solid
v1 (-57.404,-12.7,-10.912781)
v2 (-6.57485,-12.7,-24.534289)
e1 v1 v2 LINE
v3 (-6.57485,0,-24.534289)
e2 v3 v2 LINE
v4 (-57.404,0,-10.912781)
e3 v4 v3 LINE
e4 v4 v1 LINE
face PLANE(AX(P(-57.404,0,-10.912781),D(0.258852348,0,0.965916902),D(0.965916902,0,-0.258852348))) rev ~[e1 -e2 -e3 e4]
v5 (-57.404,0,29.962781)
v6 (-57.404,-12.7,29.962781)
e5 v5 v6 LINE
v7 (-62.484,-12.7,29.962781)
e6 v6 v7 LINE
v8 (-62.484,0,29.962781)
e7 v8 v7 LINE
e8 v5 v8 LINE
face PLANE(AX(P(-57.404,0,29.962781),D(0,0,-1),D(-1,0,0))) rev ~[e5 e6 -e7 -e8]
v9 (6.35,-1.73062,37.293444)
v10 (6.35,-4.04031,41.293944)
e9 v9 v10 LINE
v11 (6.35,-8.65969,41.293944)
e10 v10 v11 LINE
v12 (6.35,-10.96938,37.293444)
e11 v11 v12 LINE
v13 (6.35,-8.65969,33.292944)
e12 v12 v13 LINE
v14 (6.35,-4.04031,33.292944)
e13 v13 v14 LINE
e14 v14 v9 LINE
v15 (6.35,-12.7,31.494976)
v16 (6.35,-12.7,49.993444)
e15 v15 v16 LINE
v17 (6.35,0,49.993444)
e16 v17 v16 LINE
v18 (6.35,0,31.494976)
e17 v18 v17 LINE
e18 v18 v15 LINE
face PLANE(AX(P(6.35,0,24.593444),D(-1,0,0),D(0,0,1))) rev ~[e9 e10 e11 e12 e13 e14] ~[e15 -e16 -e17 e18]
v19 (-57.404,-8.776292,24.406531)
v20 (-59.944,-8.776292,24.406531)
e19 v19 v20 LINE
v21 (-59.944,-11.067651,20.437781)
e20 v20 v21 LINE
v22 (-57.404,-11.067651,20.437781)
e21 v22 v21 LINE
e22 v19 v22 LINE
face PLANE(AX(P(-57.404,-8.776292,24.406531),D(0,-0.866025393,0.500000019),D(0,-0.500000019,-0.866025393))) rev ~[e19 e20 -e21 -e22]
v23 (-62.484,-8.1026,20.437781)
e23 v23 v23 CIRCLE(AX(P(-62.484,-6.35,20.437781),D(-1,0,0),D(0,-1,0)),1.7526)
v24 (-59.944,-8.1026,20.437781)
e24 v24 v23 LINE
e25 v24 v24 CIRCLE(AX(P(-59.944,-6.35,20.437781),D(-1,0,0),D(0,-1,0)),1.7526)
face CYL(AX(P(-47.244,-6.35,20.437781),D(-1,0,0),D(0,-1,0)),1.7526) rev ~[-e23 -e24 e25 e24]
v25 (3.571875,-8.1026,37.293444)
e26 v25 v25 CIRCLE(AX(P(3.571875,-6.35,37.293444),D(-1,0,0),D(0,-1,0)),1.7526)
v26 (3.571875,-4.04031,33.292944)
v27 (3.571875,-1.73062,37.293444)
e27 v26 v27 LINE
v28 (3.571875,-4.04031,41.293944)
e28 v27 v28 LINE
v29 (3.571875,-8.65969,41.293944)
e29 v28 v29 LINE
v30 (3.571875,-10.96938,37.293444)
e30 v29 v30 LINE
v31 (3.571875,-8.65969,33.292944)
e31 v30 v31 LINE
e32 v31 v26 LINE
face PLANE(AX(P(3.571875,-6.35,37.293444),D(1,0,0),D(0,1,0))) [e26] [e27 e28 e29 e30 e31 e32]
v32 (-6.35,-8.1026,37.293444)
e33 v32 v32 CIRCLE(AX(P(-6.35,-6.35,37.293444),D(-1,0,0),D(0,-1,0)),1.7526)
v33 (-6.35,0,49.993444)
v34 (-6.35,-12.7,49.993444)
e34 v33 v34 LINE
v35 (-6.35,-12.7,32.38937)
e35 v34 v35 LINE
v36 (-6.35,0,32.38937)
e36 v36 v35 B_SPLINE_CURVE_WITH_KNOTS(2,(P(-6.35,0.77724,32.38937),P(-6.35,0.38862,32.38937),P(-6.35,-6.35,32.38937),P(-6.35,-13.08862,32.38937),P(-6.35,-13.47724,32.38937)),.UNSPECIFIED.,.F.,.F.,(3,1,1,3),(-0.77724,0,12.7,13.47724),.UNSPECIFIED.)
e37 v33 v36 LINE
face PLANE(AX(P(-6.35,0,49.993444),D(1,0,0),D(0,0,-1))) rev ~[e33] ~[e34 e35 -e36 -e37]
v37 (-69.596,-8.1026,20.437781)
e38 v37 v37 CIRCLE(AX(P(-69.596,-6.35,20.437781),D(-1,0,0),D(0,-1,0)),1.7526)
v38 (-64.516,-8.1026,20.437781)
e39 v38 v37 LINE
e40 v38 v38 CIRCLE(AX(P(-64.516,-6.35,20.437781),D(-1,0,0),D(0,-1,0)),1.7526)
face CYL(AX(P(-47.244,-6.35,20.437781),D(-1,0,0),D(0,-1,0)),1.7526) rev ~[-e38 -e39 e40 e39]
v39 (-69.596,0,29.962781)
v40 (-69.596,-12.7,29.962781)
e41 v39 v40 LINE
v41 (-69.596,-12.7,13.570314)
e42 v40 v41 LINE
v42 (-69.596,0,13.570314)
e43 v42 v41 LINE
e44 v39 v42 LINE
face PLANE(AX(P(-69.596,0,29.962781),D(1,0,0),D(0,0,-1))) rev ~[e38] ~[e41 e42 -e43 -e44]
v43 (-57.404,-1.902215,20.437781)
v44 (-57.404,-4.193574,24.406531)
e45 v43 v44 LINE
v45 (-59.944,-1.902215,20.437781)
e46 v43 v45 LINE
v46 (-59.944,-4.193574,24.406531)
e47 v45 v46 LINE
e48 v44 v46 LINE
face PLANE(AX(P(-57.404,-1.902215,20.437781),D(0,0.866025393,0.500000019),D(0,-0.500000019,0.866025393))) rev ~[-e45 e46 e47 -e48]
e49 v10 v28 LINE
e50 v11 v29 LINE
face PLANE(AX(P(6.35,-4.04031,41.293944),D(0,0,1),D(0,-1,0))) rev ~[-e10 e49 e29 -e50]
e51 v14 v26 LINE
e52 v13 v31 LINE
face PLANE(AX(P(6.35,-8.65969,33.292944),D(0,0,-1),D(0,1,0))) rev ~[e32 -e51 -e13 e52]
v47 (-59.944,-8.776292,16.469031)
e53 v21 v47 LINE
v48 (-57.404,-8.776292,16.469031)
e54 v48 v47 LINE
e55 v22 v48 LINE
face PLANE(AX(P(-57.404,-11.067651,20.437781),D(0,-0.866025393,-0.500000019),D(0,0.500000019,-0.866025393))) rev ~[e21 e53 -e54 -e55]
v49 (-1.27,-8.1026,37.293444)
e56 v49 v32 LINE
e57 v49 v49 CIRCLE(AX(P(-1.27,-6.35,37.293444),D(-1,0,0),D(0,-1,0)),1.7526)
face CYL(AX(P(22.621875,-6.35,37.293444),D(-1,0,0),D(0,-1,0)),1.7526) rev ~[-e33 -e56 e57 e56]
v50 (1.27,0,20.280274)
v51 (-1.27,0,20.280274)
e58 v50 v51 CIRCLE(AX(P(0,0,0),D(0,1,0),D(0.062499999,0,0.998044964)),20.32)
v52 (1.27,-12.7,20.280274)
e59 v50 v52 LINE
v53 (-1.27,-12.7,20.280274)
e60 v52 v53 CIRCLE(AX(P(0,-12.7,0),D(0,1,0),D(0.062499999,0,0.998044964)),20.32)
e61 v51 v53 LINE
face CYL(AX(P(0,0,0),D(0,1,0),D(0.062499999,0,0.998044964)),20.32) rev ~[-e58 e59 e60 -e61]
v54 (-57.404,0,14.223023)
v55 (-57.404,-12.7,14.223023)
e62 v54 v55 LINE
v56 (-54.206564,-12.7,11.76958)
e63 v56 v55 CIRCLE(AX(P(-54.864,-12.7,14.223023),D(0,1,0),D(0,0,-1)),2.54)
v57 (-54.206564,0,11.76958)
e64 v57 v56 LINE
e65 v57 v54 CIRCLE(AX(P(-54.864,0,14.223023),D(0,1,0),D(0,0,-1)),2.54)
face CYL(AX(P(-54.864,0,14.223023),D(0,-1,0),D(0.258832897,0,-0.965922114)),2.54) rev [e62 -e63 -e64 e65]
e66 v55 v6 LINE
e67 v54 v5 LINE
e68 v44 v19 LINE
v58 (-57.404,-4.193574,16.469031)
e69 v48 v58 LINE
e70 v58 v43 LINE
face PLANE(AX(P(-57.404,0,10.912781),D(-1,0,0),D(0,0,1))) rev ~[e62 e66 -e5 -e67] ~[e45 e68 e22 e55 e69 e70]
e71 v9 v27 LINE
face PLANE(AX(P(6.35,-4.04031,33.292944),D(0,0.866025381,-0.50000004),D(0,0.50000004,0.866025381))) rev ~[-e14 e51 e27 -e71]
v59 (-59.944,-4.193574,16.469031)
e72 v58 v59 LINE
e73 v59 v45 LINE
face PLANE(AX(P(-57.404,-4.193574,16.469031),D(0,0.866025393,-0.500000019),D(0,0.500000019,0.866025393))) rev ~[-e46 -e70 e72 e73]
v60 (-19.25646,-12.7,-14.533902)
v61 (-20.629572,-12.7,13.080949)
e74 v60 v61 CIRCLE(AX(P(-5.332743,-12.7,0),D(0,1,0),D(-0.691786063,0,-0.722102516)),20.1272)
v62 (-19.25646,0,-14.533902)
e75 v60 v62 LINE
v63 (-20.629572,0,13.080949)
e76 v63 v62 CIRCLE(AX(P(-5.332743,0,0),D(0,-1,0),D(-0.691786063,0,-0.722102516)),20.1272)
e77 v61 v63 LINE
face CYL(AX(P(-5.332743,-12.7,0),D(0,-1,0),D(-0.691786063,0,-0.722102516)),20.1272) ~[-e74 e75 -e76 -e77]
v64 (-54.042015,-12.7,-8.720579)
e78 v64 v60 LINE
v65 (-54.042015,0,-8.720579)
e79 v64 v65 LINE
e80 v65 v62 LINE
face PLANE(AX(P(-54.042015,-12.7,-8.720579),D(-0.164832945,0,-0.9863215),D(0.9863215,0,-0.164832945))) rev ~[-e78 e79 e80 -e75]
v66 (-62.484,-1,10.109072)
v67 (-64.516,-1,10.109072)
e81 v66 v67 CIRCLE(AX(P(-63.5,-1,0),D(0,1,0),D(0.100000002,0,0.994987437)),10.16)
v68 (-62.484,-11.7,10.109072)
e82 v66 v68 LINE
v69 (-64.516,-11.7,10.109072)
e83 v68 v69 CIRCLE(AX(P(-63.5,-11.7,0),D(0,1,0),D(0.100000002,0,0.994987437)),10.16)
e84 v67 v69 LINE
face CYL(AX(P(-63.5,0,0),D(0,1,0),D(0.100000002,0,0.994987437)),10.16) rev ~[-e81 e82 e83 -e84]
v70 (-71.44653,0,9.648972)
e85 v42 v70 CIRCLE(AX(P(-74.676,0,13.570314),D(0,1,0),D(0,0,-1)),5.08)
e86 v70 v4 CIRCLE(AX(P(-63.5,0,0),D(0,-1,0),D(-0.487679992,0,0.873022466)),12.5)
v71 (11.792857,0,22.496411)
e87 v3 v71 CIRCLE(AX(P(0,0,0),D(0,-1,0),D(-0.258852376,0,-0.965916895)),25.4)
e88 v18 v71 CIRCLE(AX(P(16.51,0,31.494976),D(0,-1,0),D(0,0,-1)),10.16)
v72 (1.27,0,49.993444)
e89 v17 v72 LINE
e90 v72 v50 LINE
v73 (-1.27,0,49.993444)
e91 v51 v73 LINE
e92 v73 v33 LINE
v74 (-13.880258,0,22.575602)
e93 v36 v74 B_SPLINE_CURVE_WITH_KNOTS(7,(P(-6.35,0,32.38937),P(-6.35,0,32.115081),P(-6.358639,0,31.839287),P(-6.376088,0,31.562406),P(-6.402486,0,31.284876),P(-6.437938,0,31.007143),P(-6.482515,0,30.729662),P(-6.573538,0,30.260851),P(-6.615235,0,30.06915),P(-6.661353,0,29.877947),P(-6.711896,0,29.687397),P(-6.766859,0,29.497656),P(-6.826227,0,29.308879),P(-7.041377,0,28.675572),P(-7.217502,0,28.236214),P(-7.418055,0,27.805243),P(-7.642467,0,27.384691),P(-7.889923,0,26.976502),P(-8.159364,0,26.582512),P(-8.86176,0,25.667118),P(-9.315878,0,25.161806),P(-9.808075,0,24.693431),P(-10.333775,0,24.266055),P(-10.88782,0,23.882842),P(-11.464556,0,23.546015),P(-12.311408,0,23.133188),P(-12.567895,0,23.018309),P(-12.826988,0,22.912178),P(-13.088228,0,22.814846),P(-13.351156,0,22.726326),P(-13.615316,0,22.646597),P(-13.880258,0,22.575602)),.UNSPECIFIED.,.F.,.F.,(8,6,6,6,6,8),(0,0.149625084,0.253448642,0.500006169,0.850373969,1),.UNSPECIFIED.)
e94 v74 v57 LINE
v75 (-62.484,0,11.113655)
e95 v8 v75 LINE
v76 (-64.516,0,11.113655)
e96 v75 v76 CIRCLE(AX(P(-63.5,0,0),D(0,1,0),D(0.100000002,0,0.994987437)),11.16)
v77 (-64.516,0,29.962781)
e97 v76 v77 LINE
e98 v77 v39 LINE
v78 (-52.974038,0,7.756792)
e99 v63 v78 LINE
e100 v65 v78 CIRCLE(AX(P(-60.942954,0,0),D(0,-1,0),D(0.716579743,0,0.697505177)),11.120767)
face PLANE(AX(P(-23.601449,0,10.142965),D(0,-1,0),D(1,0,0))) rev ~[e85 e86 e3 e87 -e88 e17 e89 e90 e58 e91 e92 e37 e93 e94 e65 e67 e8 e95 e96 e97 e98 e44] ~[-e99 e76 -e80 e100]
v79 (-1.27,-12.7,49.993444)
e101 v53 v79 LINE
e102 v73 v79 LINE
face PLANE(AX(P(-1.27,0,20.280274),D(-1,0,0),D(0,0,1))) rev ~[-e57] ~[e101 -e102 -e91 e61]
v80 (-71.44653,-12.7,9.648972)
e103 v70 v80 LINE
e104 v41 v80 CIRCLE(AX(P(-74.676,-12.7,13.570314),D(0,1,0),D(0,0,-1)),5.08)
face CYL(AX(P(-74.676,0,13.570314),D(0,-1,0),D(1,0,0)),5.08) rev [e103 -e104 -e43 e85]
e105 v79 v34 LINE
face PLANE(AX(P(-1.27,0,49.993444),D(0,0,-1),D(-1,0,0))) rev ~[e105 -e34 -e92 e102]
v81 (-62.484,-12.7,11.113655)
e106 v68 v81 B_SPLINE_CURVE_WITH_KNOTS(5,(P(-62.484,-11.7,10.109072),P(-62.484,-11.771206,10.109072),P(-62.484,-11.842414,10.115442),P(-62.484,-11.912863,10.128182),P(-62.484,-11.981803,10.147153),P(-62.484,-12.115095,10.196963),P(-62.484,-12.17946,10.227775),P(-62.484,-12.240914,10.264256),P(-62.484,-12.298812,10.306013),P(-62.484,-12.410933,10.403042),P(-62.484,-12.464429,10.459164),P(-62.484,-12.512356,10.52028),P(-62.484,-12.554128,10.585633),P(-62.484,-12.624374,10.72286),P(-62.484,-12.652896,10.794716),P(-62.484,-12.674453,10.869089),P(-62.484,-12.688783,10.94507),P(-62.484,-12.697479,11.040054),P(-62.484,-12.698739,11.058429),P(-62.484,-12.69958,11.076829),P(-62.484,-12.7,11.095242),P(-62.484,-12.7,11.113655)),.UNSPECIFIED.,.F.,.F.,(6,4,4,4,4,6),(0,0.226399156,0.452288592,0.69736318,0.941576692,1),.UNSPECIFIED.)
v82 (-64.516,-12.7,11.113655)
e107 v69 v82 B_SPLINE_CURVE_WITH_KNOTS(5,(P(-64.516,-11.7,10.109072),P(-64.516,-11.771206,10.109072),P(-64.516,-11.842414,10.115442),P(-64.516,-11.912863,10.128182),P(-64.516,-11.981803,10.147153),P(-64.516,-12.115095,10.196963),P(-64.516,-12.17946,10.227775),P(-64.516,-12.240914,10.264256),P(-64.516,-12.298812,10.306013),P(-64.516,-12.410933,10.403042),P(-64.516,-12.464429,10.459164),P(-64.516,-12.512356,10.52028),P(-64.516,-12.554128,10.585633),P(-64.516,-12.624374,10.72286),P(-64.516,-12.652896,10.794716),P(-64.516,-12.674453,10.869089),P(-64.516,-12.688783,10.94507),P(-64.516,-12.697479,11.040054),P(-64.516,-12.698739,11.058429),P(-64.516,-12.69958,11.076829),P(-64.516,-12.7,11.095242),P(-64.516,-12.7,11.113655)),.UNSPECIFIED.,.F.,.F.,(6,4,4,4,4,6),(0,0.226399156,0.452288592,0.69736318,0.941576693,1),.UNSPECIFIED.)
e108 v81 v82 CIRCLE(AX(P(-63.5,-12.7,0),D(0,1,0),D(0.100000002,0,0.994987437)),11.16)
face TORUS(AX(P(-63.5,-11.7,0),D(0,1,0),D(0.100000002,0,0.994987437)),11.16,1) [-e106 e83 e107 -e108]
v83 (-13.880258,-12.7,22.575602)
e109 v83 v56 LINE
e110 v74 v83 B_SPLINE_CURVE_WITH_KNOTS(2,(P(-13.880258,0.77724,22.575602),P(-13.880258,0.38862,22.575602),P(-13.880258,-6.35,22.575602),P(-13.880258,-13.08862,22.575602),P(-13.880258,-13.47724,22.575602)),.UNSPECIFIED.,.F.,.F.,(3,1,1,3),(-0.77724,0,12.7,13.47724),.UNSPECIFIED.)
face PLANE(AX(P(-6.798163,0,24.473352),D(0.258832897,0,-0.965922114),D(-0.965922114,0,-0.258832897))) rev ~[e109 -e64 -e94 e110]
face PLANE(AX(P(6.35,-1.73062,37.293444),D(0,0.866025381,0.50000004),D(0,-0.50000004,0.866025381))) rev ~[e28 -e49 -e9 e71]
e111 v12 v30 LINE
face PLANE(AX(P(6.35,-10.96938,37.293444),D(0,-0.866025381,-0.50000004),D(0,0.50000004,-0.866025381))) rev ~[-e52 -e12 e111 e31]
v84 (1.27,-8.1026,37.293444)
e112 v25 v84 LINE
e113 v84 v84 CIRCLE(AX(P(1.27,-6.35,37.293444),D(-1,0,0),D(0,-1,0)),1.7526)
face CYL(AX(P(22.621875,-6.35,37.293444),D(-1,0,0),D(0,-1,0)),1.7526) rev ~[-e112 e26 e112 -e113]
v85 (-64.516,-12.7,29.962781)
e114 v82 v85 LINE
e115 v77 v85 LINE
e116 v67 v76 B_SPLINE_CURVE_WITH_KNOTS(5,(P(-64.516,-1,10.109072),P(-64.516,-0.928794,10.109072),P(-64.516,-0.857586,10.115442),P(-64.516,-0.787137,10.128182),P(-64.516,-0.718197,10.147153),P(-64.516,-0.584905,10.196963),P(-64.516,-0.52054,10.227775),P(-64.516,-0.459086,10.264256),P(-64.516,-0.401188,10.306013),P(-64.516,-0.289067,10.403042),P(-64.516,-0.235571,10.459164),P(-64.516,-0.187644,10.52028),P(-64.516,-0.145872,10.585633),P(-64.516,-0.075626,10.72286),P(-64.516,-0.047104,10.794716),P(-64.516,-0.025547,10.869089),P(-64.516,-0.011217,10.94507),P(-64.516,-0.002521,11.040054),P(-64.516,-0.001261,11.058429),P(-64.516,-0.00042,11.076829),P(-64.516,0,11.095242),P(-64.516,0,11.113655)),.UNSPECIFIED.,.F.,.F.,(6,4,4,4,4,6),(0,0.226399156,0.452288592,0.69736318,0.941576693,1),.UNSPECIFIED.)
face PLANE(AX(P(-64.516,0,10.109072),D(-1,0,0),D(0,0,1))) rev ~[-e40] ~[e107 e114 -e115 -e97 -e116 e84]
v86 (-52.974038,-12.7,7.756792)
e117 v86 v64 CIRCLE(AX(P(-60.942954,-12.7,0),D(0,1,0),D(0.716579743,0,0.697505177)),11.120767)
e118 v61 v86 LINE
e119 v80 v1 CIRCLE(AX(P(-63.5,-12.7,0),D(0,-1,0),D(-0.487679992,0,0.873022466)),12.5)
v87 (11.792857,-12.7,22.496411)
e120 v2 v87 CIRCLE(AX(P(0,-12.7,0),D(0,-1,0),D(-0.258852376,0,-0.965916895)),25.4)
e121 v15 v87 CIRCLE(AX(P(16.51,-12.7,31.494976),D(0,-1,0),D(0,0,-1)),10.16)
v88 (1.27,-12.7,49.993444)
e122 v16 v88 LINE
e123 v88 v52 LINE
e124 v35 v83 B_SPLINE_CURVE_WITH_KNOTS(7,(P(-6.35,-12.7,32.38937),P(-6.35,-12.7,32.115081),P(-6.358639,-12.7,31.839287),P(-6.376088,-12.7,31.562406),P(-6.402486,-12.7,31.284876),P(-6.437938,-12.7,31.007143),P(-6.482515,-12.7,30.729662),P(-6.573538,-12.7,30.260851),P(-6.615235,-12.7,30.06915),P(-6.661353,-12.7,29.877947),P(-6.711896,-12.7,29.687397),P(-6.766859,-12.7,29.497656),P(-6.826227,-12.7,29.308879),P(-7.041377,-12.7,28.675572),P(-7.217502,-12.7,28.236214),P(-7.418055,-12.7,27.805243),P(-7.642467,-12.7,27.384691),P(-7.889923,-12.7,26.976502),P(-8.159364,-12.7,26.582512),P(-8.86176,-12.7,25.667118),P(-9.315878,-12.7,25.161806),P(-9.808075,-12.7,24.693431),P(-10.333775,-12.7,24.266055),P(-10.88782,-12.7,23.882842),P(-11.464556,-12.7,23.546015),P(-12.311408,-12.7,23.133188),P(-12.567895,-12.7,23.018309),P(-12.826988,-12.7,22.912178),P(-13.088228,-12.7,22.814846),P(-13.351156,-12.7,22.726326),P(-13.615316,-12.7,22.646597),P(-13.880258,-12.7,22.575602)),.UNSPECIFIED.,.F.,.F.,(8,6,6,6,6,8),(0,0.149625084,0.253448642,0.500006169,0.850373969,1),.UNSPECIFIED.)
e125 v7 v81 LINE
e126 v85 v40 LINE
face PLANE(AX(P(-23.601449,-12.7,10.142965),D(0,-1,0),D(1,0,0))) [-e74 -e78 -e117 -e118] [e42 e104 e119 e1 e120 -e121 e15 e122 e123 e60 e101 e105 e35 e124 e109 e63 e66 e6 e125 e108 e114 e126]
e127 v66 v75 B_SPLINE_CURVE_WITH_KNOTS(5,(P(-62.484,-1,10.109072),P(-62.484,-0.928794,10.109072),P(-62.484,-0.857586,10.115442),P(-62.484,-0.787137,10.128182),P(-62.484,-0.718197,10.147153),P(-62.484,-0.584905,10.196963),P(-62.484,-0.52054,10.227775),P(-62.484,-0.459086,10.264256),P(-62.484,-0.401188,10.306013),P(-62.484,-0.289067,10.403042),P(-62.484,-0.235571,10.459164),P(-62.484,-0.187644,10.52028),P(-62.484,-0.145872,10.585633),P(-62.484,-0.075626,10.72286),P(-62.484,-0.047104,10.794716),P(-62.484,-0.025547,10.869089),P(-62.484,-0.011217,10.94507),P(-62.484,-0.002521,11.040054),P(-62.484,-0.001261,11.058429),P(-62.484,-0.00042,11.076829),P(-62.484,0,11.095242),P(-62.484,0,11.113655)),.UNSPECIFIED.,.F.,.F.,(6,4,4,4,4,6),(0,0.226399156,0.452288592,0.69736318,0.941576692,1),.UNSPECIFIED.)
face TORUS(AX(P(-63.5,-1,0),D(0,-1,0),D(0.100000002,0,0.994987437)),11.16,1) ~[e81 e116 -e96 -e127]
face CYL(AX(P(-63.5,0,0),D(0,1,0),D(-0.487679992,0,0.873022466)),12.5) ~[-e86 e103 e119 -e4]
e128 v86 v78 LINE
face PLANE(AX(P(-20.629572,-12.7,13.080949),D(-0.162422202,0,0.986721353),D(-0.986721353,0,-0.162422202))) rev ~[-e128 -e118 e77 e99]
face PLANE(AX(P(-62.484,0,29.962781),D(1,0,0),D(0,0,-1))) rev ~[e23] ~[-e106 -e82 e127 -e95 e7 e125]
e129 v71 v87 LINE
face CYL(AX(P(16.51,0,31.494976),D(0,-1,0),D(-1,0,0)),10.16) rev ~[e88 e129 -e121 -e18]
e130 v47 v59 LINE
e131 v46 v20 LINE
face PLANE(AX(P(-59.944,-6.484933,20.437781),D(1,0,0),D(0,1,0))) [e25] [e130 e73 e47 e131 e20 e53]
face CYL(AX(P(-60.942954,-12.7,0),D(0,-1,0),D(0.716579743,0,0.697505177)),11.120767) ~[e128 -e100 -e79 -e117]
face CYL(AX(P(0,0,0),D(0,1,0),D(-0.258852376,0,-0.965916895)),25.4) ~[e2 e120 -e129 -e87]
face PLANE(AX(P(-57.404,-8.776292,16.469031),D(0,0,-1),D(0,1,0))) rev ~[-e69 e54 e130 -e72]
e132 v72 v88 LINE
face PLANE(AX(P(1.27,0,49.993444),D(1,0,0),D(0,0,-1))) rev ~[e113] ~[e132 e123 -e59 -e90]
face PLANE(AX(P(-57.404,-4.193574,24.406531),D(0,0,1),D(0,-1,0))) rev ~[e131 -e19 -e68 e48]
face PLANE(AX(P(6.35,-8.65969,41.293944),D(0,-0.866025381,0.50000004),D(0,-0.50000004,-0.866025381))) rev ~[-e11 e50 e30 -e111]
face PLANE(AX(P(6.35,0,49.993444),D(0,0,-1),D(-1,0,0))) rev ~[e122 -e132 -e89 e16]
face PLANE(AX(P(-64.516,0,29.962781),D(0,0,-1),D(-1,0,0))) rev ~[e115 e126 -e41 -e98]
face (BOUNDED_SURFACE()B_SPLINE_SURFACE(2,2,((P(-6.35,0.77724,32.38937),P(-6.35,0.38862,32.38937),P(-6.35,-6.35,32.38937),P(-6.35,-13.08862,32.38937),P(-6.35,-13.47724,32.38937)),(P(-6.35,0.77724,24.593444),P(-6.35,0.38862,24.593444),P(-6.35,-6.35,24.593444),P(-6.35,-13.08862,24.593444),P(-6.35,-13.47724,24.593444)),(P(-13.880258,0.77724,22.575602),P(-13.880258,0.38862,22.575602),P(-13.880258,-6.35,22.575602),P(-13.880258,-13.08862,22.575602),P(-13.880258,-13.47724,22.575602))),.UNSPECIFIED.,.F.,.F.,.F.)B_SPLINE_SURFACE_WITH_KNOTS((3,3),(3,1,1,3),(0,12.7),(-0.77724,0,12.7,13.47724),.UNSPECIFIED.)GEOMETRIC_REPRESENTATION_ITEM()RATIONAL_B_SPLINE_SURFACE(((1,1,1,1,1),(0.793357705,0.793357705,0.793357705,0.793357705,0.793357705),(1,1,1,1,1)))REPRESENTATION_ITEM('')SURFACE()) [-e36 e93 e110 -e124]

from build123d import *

# Parameters (mm, degrees)
F1_DEPTH  = 12.7
F3_DEPTH  = 2.778125
F5_D      = 3.5052
F5_DEPTH  = 19.05
F7_DEPTH  = 2.54
F8_R      = 10.16
F9_R      = 10.16
F10_R     = 2.54
F11_R     = 5.08
F13_R     = 1
F14_R     = 1
F16_D     = 3.5052
F16_DEPTH = 12.7
F17_DEPTH = 25


with BuildPart() as f1:
    # F0 (on Front) → F1 (new body)
    with BuildSketch(Plane.XZ):
        with BuildLine():
            Line((-6.35, 49.993444), (-6.35, 24.593444))
            Line((-6.35, 24.593444), (-6.798163, 24.473352))
            Line((-6.798163, 24.473352), (-57.404, 10.912781))
            Line((-57.404, 10.912781), (-57.404, 29.962781))
            Line((-57.404, 29.962781), (-62.484, 29.962781))
            Line((-62.484, 29.962781), (-62.484, 12.458641))
            Line((-62.484, 12.458641), (-62.484, 10.109072))
            ThreePointArc((-62.484, 10.109072), (-63.5, -10.16), (-64.516, 10.109072))
            Line((-64.516, 10.109072), (-64.516, 12.458641))
            Line((-64.516, 12.458641), (-64.516, 29.962781))
            Line((-64.516, 29.962781), (-69.596, 29.962781))
            Line((-69.596, 29.962781), (-69.596, 10.912781))
            ThreePointArc((-69.596, 10.912781), (-74.412781, -6.096), (-57.404, -10.912781))
            Line((-57.404, -10.912781), (-6.57485, -24.534289))
            ThreePointArc((-6.57485, -24.534289), (24.564124, -6.462493), (6.35, 24.593444))
            Line((6.35, 24.593444), (6.35, 49.993444))
            Line((6.35, 49.993444), (1.27, 49.993444))
            Line((1.27, 49.993444), (1.27, 25.36823))
            Line((1.27, 25.36823), (1.27, 20.280274))
            ThreePointArc((1.27, 20.280274), (0, -20.32), (-1.27, 20.280274))
            Line((-1.27, 20.280274), (-1.27, 25.36823))
            Line((-1.27, 25.36823), (-1.27, 49.993444))
            Line((-1.27, 49.993444), (-6.35, 49.993444))
        make_face()
    extrude(amount=F1_DEPTH)

    # F2 (on face) → F3 (cut)
    with BuildSketch(Plane.YZ.offset(6.35)):
        Polygon((-8.65969, 33.292944), (-4.04031, 33.292944), (-1.73062, 37.293444), (-4.04031, 41.293944), (-8.65969, 41.293944), (-10.96938, 37.293444), align=None)
    extrude(amount=-F3_DEPTH, mode=Mode.SUBTRACT)

    # F5
    with Locations(Plane.YZ.offset(3.571875)):
        with Locations((-6.35, 37.293444)):
            Hole(F5_D / 2, depth=F5_DEPTH)

    # F6 (on face) → F7 (cut)
    with BuildSketch(Plane.YZ.offset(-57.404)):
        Polygon((-11.067651, 20.437781), (-8.776292, 16.469031), (-4.193574, 16.469031), (-1.902215, 20.437781), (-4.193574, 24.406531), (-8.776292, 24.406531), align=None)
    extrude(amount=-F7_DEPTH, mode=Mode.SUBTRACT)

    # F8
    f8_edges = [f1.edges().sort_by_distance(p)[0] for p in [
        (-6.35, -6.35, 24.593444),
    ]]
    fillet(f8_edges, radius=F8_R)

    # F9
    f9_edges = [f1.edges().sort_by_distance(p)[0] for p in [
        (6.35, -6.35, 24.593444),
    ]]
    fillet(f9_edges, radius=F9_R)

    # F10
    f10_edges = [f1.edges().sort_by_distance(p)[0] for p in [
        (-57.404, -6.35, 10.912781),
    ]]
    fillet(f10_edges, radius=F10_R)

    # F11
    f11_edges = [f1.edges().sort_by_distance(p)[0] for p in [
        (-69.596, -6.35, 10.912781),
    ]]
    fillet(f11_edges, radius=F11_R)

    # F13
    f13_edges = [f1.edges().sort_by_distance(p)[0] for p in [
        (-63.5, -12.7, -10.16),
    ]]
    fillet(f13_edges, radius=F13_R)

    # F14
    f14_edges = [f1.edges().sort_by_distance(p)[0] for p in [
        (-63.5, 0, -10.16),
    ]]
    fillet(f14_edges, radius=F14_R)

    # F16
    with Locations(Plane.YZ.offset(-59.944)):
        with Locations((-6.35, 20.437781)):
            Hole(F16_D / 2, depth=F16_DEPTH)

    # F12 (on face) → F17 (cut)
    with BuildSketch(Plane.XZ.offset(12.7)):
        with BuildLine():
            ThreePointArc((-52.974038, 7.756792), (-49.845473, -0.719281), (-54.042015, -8.720579))
            Line((-54.042015, -8.720579), (-19.25646, -14.533902))
            ThreePointArc((-19.25646, -14.533902), (-25.435108, -0.999564), (-20.629572, 13.080949))
            Line((-20.629572, 13.080949), (-52.974038, 7.756792))
        make_face()
    extrude(amount=-F17_DEPTH, mode=Mode.SUBTRACT)


solid = f1.part
